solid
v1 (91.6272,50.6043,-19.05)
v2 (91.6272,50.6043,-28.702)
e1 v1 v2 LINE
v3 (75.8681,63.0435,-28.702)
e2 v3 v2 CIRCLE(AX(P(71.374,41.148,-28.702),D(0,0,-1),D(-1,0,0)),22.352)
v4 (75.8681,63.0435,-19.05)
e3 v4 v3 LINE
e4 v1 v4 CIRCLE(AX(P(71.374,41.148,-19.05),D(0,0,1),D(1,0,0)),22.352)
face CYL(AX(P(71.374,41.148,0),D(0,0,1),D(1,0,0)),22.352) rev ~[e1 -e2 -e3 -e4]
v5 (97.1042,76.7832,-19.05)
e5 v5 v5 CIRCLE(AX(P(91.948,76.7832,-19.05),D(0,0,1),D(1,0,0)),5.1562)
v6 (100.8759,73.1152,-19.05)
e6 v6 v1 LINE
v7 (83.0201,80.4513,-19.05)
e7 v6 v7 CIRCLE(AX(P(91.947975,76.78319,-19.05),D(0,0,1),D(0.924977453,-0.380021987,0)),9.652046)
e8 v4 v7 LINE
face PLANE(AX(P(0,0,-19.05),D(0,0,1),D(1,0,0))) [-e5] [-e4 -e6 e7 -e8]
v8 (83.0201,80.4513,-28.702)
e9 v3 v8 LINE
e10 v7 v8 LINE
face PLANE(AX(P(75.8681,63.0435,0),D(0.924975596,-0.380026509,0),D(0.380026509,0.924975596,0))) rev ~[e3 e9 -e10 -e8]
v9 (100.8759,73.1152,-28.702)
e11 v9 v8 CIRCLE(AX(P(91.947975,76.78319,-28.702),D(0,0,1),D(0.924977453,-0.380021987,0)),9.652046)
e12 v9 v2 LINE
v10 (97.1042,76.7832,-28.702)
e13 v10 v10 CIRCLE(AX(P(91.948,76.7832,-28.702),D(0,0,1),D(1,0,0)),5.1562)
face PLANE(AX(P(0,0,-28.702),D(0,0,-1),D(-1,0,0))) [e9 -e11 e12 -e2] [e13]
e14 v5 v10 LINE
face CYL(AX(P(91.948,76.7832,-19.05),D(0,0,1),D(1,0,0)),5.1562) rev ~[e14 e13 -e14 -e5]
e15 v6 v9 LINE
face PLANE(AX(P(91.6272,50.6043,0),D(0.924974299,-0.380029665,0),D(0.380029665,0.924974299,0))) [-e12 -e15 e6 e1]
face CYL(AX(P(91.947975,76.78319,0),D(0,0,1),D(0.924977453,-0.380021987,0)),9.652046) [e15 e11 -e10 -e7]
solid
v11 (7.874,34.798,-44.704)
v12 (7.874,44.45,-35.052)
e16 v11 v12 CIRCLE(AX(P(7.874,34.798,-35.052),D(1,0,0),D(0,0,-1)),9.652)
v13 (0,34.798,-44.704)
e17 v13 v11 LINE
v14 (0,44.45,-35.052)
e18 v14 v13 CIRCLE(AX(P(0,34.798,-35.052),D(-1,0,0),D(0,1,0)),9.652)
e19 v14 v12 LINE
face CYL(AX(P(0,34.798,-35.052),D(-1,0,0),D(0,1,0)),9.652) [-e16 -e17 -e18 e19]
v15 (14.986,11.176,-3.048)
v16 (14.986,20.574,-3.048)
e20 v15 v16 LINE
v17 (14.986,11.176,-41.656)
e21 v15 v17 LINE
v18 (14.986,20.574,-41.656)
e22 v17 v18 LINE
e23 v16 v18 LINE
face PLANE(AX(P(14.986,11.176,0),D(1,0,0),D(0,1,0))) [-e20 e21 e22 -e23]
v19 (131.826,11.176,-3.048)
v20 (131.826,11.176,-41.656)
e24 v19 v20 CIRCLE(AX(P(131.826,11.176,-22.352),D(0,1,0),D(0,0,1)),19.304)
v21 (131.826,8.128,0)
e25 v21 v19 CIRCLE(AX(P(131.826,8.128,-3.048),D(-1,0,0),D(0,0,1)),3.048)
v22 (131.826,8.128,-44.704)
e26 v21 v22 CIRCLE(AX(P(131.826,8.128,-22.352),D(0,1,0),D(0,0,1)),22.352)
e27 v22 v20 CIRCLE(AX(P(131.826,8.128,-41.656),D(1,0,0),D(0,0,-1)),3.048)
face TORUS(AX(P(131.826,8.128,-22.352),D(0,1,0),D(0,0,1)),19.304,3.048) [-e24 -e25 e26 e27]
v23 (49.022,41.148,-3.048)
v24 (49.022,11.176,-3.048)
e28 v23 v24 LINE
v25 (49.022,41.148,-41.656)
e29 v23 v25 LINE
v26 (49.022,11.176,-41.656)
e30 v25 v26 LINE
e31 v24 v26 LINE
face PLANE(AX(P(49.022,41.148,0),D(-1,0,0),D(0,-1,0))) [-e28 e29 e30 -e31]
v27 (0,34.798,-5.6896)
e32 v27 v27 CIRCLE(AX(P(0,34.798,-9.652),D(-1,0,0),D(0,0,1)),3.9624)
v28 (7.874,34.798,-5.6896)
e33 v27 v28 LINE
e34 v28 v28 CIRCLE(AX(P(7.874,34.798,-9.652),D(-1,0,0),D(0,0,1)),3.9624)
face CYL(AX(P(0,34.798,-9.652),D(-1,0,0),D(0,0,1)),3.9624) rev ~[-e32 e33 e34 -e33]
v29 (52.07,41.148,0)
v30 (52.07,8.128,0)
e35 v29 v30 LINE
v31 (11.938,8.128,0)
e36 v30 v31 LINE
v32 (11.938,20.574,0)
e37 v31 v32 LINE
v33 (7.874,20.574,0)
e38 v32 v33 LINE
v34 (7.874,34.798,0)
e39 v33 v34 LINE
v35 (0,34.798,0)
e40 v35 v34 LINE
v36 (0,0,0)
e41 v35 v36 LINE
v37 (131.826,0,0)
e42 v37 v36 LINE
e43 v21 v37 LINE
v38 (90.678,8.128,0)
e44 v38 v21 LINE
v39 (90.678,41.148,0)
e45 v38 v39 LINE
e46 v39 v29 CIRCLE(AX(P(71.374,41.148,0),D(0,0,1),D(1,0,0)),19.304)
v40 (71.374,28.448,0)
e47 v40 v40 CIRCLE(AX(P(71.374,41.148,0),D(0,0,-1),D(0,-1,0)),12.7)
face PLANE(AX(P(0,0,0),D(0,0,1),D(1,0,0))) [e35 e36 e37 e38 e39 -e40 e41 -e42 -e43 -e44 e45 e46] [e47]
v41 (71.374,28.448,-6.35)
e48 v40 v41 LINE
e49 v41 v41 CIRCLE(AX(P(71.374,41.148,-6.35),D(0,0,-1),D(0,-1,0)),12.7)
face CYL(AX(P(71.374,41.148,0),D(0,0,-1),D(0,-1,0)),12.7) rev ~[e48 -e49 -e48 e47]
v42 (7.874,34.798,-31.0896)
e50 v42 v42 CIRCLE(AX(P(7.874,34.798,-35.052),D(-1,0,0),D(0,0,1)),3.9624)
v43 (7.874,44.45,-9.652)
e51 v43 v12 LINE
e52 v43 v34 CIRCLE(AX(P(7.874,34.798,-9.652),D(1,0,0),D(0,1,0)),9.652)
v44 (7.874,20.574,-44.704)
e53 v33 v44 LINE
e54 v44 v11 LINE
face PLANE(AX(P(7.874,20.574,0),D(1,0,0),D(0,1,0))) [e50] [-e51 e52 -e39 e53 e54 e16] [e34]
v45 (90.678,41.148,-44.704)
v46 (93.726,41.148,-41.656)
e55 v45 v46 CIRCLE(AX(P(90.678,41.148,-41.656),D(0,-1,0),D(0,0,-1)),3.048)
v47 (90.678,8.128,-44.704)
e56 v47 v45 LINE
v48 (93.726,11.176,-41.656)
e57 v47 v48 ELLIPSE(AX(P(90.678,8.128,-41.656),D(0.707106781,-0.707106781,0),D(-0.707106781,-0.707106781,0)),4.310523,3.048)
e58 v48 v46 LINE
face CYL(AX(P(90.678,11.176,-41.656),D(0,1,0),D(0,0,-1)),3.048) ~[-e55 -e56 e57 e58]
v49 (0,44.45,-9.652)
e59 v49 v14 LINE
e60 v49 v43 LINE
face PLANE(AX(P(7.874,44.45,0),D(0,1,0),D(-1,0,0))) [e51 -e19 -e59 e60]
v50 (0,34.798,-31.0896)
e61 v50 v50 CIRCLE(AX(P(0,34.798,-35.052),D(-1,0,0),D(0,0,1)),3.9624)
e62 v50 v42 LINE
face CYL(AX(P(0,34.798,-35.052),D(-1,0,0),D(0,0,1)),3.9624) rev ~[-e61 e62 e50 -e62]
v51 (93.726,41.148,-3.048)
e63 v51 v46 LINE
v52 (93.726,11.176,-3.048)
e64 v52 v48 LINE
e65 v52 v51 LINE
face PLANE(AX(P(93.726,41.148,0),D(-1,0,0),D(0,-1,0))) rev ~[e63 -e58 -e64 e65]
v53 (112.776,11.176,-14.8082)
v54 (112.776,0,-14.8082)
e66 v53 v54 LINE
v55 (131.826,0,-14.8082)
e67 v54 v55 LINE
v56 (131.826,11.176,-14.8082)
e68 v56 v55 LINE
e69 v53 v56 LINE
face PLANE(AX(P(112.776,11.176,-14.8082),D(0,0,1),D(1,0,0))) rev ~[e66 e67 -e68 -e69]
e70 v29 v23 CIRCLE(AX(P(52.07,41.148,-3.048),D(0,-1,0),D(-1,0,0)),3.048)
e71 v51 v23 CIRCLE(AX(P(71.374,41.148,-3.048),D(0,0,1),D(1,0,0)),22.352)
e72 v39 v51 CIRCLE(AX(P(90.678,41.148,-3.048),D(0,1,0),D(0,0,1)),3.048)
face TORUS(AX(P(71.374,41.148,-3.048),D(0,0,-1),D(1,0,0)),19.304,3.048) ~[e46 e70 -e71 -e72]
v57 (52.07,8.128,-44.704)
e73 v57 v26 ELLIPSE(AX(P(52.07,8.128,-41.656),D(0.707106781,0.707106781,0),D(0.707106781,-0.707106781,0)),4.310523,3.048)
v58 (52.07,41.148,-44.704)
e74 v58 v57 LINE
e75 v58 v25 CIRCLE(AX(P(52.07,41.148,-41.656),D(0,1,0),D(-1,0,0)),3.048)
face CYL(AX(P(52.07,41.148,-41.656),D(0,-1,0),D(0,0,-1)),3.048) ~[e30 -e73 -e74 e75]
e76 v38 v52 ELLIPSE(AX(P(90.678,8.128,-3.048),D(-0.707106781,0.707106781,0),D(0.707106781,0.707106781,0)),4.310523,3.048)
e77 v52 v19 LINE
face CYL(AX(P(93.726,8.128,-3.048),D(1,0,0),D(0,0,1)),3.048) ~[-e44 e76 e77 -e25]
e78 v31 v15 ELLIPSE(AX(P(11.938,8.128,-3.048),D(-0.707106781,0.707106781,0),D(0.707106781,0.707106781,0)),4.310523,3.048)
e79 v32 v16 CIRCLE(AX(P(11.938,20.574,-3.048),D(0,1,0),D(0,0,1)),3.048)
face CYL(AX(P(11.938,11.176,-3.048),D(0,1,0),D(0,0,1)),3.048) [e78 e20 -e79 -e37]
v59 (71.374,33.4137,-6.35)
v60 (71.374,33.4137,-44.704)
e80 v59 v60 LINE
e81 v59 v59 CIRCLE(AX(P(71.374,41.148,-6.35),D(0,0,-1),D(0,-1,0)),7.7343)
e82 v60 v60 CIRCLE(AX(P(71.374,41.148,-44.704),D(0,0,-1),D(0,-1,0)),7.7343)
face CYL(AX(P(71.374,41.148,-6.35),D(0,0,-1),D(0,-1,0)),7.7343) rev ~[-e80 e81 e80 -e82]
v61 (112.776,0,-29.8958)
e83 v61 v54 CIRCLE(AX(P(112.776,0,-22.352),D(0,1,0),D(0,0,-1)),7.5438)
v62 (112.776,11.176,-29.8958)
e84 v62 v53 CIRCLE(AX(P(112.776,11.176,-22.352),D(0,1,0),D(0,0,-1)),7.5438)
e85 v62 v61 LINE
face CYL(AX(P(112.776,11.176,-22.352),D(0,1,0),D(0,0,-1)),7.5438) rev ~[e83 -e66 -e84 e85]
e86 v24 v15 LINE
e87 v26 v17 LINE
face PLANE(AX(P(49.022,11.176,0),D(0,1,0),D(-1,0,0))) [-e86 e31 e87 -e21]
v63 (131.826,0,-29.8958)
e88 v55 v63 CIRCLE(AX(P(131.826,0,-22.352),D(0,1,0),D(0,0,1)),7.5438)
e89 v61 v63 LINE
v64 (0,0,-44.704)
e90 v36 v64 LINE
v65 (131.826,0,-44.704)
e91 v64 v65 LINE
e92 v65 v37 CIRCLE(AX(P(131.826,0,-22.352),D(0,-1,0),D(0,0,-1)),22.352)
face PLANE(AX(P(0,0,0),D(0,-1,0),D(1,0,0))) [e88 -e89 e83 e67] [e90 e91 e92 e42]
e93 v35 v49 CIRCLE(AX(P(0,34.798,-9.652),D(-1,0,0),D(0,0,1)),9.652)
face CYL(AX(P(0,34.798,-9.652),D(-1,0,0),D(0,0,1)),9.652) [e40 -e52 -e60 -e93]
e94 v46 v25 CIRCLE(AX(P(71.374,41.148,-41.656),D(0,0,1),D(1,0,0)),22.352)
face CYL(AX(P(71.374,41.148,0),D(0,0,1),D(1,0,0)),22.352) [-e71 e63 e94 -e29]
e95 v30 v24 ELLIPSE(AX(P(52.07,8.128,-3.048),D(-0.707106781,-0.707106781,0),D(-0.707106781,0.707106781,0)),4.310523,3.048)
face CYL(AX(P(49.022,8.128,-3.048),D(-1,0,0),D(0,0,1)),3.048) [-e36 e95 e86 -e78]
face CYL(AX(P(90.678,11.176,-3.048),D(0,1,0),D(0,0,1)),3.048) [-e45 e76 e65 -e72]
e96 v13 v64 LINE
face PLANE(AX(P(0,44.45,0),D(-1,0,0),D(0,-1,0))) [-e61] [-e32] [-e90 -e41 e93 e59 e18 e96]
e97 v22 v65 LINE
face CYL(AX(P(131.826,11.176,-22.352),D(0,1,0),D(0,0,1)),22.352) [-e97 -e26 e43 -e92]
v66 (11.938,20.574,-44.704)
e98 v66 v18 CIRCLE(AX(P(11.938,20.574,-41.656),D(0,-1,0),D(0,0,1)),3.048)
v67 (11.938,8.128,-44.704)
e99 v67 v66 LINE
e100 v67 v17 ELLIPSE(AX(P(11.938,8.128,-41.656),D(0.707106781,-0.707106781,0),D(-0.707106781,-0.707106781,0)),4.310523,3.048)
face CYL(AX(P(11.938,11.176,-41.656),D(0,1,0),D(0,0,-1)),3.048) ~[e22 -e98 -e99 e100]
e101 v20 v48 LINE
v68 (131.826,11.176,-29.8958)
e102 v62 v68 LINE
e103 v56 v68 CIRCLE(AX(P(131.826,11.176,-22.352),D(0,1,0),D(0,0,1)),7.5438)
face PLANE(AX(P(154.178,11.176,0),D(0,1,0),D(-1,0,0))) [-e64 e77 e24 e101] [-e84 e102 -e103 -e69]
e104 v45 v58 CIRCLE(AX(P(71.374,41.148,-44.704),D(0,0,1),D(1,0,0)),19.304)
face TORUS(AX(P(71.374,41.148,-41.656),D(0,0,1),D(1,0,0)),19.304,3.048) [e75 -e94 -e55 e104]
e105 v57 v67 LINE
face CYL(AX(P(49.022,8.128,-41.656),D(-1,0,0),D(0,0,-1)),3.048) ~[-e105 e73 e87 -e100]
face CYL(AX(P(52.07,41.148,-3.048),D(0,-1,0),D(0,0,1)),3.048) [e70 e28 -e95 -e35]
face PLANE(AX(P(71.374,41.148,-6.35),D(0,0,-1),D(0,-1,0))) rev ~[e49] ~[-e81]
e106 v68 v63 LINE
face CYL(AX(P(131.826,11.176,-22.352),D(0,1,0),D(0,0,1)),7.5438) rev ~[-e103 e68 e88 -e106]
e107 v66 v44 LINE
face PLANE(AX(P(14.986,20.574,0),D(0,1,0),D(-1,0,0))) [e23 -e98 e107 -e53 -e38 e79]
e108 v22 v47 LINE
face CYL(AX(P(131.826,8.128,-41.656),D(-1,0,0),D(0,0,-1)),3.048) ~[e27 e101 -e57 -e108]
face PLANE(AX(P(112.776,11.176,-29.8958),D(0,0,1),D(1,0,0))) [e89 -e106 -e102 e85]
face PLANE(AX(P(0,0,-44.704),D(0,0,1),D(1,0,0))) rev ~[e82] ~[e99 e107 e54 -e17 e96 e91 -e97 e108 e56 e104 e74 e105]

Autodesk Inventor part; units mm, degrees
ref_plane "YZ Plane" through (0, 0, 0) normal (1, 0, 0) x (0, 1, 0)
ref_plane "XZ Plane" through (0, 0, 0) normal (0, 1, 0) x (-1, 0, 0)
ref_plane "XY Plane" through (0, 0, 0) normal (0, 0, 1) x (1, 0, 0)
sketch "Boceto1" plane through (0, 0, 0) normal (0, 0, 1) x (1, 0, 0)
  line L0 (0, 0) -> (7.874, 0)
  line L1 (7.874, 0) -> (7.874, 44.45)
  line L2 (7.874, 44.45) -> (0, 44.45)
  line L3 (0, 44.45) -> (0, 0)
  line L4 (7.874, 0) -> (14.986, 0)
  line L5 (14.986, 0) -> (14.986, 20.574)
  line L6 (14.986, 20.574) -> (7.874, 20.574)
  line L7 (7.874, 20.574) -> (7.874, 0)
  line L8 (14.986, 0) -> (154.178, 0)
  line L9 (154.178, 0) -> (154.178, 11.176)
  line L10 (154.178, 11.176) -> (14.986, 11.176)
  line L11 (14.986, 11.176) -> (14.986, 0)
  line L12 (71.374, -17.734) -> (71.374, 53.7608) construction
  line L13 (-9.4803, 41.148) -> (163.4374, 41.148) construction
  arc A0 (93.726, 41.148) -> (49.022, 41.148) centre (71.374, 41.148) ccw
  line L14 (49.022, 41.148) -> (49.022, 11.176)
  line L15 (93.726, 41.148) -> (93.726, 11.176)
  point P0 (14.986, 11.176)
  dimension "d0" = 7.874
  dimension "d1" = 44.45
  dimension "d2" = 7.112
  dimension "d3" = 20.574
  dimension "d4" = 139.192
  dimension "d5" = 11.176
  dimension "d6" = 63.5
  dimension "d7" = 41.148
  dimension "d8" = 44.704
extrude "Base" add sketch "Boceto1" against normal blind 44.704
sketch "Boceto2" plane through (0, 0, 0) normal (-1, 0, 0) x (0, 0, 1)
  line L0 (0, 44.45) -> (-44.704, 44.45) projected
  line L1 (-35.052, 44.45) -> (-9.652, 44.45)
  line L2 (0, 34.798) -> (0, 0)
  line L3 (0, 0) -> (-44.704, 0)
  line L4 (-44.704, 0) -> (-44.704, 34.798)
  arc A0 (-35.052, 44.45) -> (-44.704, 34.798) centre (-35.052, 34.798) ccw
  arc A1 (0, 34.798) -> (-9.652, 44.45) centre (-9.652, 34.798) ccw
  line L5 (-44.704, 34.798) -> (-44.704, 44.45)
  line L6 (-44.704, 41.148) -> (-44.704, 11.176) projected
  line L7 (-44.704, 44.45) -> (-35.052, 44.45)
  line L8 (-9.652, 44.45) -> (0, 44.45)
  line L9 (0, 44.45) -> (0, 34.798)
  line L10 (0, 11.176) -> (0, 41.148) projected
  arc A2 (-35.052, 44.45) -> (-41.877, 41.623) centre (-35.052, 34.798) ccw
  arc A3 (0, 34.798) -> (-2.827, 41.623) centre (-9.652, 34.798) ccw
  dimension "d11" = 9.652
extrude "RedondeoIzquierda" cut sketch "Boceto2" against normal blind 7.874 contours L9 A1 L0 | A0 L5 L0
sketch "Boceto3" plane through (93.726, 11.176, 0) normal (0, 1, 0) x (1, 0, 0)
  line L0 (38.1, 57.3464) -> (38.1, -17.2234) construction
  line L1 (80.6333, 22.352) -> (-7.9842, 22.352) construction
  line L2 (60.452, 0) -> (60.452, 44.704) projected
  line L3 (60.452, 0) -> (0, 0) projected
  line L4 (0, 44.704) -> (60.452, 44.704) projected
  line L5 (-22.352, 117.0356) -> (-22.352, -54.5943) construction
  arc A0 (38.1, 0) -> (38.1, 44.704) centre (38.1, 22.352) ccw
  point P0 (-93.726, 0)
  point P1 (60.452, 22.352)
  dimension "d14" = 22.352
  dimension "d15" = 44.704
  dimension "d16" = 22.352
  dimension "d17" = 71.374
  dimension "d18" = 60.452
  dimension "d19" = 44.704
extrude "RedondeoDerecha" cut sketch "Boceto3" against normal blind 11.176
sketch "Boceto4" plane through (93.726, 11.176, 0) normal (0, 1, 0) x (1, 0, 0)
  line L0 (53.4052, 29.8958) -> (-6.9452, 29.8958) construction
  line L1 (53.4052, 14.8082) -> (-2.7405, 14.8082) construction
  line L2 (0, 44.704) -> (38.1, 44.704) projected
  line L3 (38.1, 0) -> (0, 0) projected
  line L4 (40.7958, 60.876) -> (40.7958, -13.6937) construction
  arc A0 (38.1, 0) -> (38.1, 44.704) centre (38.1, 22.352) ccw construction
  arc A1 (38.1, 14.8082) -> (38.1, 29.8958) centre (38.1, 22.352) ccw
  line L5 (38.1, 22.352) -> (19.05, 22.352) construction
  arc A2 (19.05, 29.8958) -> (19.05, 14.8082) centre (19.05, 22.352) ccw
  line L6 (19.05, 29.8958) -> (38.1, 29.8958)
  line L7 (19.05, 14.8082) -> (38.1, 14.8082)
  point P0 (-93.726, 0)
  dimension "d22" = 15.0876
  dimension "d23" = 44.704
  dimension "d24" = 14.8082
  dimension "d26" = 19.05
extrude "HuecoDerecha" cut sketch "Boceto4" against normal blind 11.176
sketch "Boceto5" plane through (0, 0, 0) normal (0, 0, 1) x (1, 0, 0)
  arc A0 (93.726, 41.148) -> (49.022, 41.148) centre (71.374, 41.148) ccw construction
  point P0 (0, 0)
hole "AgujeroCentral" at (71.374, 41.148, 0) direction (0, 0, -1) diameter 15.4686 end through all counterbore diameter 25.4 counterbore depth 6.35
sketch "Boceto6" plane through (0, 0, -44.704) normal (-1, 0, 0) x (0, 0, 1)
  arc A0 (44.704, 34.798) -> (35.052, 44.45) centre (35.052, 34.798) ccw projected
  arc A1 (9.652, 44.45) -> (0, 34.798) centre (9.652, 34.798) ccw projected
  circle A2 centre (9.652, 34.798) radius 3.9624
  circle A3 centre (35.052, 34.798) radius 3.9624
  line L0 (0, 0) -> (0, 34.798) projected
  line L1 (44.704, 34.798) -> (44.704, 0) projected
  line L2 (35.052, 44.45) -> (9.652, 44.45) projected
  line L3 (44.704, 0) -> (0, 0) projected
  dimension "d36" = 7.9248
  dimension "d37" = 7.9248
  dimension "d38" = 9.652
  dimension "d39" = 9.652
  dimension "d40" = 9.652
  dimension "d41" = 9.652
  dimension "d42" = 34.798
  dimension "d43" = 25.4
extrude "HuecosIzquierda" cut sketch "Boceto6" against normal blind 7.874 contours A2 | A3
sketch "Boceto7" plane through (0, 0, 0) normal (0, 0, 1) x (1, 0, 0)
  arc A0 (93.726, 41.148) -> (49.022, 41.148) centre (71.374, 41.148) ccw projected
  line L0 (93.726, 11.176) -> (93.726, 41.148) construction
  line L1 (49.022, 11.176) -> (14.986, 11.176) construction
  line L2 (93.726, 11.176) -> (49.022, 11.176) construction
  line L3 (71.374, 11.176) -> (71.374, 79.2986) construction
  line L4 (71.374, 11.176) -> (150.9411, 11.176) construction
  line L5 (71.374, 41.148) -> (130.1866, 41.148) construction
  line L6 (71.374, 41.148) -> (127.2183, 41.148) construction
  arc A1 (93.726, 41.148) -> (49.022, 41.148) centre (71.374, 41.148) ccw construction
  arc A2 (93.726, 41.148) -> (49.022, 41.148) centre (71.374, 41.148) ccw construction
  line L7 (93.726, 11.176) -> (93.726, 41.148) construction
  line L8 (93.726, 41.148) -> (93.726, 11.176) construction
  line L9 (71.374, 41.148) -> (91.948, 76.7832) construction
  line L10 (71.374, 41.148) -> (112.522, 41.148) construction
  arc A3 (100.8759, 73.1152) -> (83.0201, 80.4513) centre (91.948, 76.7832) ccw
  arc A4 (93.726, 41.148) -> (49.022, 41.148) centre (71.374, 41.148) ccw projected
  line L11 (75.8681, 63.0435) -> (83.0201, 80.4513)
  line L12 (91.6272, 50.6043) -> (100.8759, 73.1152)
  point P0 (0, 0)
  dimension "d48" = 22.352
  dimension "d49" = 41.148
  dimension "d50" = 60
  dimension "d51" = 19.304
extrude "Protuberancia" add sketch "Boceto7" against normal blind 44.704 separate body
sketch "Boceto8" plane through (0, 0, 0) normal (0, 0, 1) x (1, 0, 0)
  arc A0 (100.8759, 73.1152) -> (83.0201, 80.4513) centre (91.948, 76.7832) ccw projected
  arc A1 (100.8759, 73.1152) -> (83.0201, 80.4513) centre (91.948, 76.7832) ccw
  line L0 (75.8681, 63.0435) -> (83.0201, 80.4513) projected
  line L1 (83.0201, 80.4513) -> (75.8681, 63.0435)
  line L2 (100.8759, 73.1152) -> (91.6272, 50.6043) projected
  line L3 (100.8759, 73.1152) -> (91.6272, 50.6043)
  arc A2 (93.726, 41.148) -> (49.022, 41.148) centre (71.374, 41.148) ccw projected
  arc A3 (91.6272, 50.6043) -> (75.8681, 63.0435) centre (71.374, 41.148) ccw
  point P0 (0, 0)
extrude "RestoFrontalProtuberancia" cut sketch "Boceto8" against normal blind 19.05 bodies 2
sketch "Boceto9" plane through (0, 0, -44.704) normal (0, 0, -1) x (-1, 0, 0)
  arc A0 (-49.022, 41.148) -> (-93.726, 41.148) centre (-71.374, 41.148) ccw projected
  arc A1 (-83.0201, 80.4513) -> (-100.8759, 73.1152) centre (-91.948, 76.7832) ccw projected
  line L0 (-100.8759, 73.1152) -> (-91.6272, 50.6043) projected
  line L1 (-75.8681, 63.0435) -> (-83.0201, 80.4513) projected
  point P0 (0, 0)
extrude "RestoTraseroProtuberancia" cut sketch "Boceto9" against normal blind 16.002 bodies 2
sketch "Boceto10" plane through (0, 0, -19.05) normal (0, 0, 1) x (1, 0, 0)
  arc A0 (100.8759, 73.1152) -> (83.0201, 80.4513) centre (91.948, 76.7832) ccw projected
  circle A1 centre (91.948, 76.7832) radius 5.1562
  point P0 (0, 0)
  dimension "d58" = 10.3124
extrude "HuecoProtuberancia" cut sketch "Boceto10" against normal blind 9.652 bodies 2
fillet "Empalmes" radius 3.048 13 edges at (14.986, 15.875, 0) (32.004, 11.176, 0) (71.374, 63.5, 0) (93.726, 26.162, 0) (49.022, 26.162, 0) (154.178, 11.176, -22.352) (112.776, 11.176, -44.704) (112.776, 11.176, 0) (71.374, 63.5, -44.704) (49.022, 26.162, -44.704) (93.726, 26.162, -44.704) (32.004, 11.176, -44.704) (14.986, 15.875, -44.704)
equation "\"d16\" = 0.5 * d15"
equation "\"d24\" = -0.5 * d22 + 0.5 * d23"
properties part number "Support A01209499"
